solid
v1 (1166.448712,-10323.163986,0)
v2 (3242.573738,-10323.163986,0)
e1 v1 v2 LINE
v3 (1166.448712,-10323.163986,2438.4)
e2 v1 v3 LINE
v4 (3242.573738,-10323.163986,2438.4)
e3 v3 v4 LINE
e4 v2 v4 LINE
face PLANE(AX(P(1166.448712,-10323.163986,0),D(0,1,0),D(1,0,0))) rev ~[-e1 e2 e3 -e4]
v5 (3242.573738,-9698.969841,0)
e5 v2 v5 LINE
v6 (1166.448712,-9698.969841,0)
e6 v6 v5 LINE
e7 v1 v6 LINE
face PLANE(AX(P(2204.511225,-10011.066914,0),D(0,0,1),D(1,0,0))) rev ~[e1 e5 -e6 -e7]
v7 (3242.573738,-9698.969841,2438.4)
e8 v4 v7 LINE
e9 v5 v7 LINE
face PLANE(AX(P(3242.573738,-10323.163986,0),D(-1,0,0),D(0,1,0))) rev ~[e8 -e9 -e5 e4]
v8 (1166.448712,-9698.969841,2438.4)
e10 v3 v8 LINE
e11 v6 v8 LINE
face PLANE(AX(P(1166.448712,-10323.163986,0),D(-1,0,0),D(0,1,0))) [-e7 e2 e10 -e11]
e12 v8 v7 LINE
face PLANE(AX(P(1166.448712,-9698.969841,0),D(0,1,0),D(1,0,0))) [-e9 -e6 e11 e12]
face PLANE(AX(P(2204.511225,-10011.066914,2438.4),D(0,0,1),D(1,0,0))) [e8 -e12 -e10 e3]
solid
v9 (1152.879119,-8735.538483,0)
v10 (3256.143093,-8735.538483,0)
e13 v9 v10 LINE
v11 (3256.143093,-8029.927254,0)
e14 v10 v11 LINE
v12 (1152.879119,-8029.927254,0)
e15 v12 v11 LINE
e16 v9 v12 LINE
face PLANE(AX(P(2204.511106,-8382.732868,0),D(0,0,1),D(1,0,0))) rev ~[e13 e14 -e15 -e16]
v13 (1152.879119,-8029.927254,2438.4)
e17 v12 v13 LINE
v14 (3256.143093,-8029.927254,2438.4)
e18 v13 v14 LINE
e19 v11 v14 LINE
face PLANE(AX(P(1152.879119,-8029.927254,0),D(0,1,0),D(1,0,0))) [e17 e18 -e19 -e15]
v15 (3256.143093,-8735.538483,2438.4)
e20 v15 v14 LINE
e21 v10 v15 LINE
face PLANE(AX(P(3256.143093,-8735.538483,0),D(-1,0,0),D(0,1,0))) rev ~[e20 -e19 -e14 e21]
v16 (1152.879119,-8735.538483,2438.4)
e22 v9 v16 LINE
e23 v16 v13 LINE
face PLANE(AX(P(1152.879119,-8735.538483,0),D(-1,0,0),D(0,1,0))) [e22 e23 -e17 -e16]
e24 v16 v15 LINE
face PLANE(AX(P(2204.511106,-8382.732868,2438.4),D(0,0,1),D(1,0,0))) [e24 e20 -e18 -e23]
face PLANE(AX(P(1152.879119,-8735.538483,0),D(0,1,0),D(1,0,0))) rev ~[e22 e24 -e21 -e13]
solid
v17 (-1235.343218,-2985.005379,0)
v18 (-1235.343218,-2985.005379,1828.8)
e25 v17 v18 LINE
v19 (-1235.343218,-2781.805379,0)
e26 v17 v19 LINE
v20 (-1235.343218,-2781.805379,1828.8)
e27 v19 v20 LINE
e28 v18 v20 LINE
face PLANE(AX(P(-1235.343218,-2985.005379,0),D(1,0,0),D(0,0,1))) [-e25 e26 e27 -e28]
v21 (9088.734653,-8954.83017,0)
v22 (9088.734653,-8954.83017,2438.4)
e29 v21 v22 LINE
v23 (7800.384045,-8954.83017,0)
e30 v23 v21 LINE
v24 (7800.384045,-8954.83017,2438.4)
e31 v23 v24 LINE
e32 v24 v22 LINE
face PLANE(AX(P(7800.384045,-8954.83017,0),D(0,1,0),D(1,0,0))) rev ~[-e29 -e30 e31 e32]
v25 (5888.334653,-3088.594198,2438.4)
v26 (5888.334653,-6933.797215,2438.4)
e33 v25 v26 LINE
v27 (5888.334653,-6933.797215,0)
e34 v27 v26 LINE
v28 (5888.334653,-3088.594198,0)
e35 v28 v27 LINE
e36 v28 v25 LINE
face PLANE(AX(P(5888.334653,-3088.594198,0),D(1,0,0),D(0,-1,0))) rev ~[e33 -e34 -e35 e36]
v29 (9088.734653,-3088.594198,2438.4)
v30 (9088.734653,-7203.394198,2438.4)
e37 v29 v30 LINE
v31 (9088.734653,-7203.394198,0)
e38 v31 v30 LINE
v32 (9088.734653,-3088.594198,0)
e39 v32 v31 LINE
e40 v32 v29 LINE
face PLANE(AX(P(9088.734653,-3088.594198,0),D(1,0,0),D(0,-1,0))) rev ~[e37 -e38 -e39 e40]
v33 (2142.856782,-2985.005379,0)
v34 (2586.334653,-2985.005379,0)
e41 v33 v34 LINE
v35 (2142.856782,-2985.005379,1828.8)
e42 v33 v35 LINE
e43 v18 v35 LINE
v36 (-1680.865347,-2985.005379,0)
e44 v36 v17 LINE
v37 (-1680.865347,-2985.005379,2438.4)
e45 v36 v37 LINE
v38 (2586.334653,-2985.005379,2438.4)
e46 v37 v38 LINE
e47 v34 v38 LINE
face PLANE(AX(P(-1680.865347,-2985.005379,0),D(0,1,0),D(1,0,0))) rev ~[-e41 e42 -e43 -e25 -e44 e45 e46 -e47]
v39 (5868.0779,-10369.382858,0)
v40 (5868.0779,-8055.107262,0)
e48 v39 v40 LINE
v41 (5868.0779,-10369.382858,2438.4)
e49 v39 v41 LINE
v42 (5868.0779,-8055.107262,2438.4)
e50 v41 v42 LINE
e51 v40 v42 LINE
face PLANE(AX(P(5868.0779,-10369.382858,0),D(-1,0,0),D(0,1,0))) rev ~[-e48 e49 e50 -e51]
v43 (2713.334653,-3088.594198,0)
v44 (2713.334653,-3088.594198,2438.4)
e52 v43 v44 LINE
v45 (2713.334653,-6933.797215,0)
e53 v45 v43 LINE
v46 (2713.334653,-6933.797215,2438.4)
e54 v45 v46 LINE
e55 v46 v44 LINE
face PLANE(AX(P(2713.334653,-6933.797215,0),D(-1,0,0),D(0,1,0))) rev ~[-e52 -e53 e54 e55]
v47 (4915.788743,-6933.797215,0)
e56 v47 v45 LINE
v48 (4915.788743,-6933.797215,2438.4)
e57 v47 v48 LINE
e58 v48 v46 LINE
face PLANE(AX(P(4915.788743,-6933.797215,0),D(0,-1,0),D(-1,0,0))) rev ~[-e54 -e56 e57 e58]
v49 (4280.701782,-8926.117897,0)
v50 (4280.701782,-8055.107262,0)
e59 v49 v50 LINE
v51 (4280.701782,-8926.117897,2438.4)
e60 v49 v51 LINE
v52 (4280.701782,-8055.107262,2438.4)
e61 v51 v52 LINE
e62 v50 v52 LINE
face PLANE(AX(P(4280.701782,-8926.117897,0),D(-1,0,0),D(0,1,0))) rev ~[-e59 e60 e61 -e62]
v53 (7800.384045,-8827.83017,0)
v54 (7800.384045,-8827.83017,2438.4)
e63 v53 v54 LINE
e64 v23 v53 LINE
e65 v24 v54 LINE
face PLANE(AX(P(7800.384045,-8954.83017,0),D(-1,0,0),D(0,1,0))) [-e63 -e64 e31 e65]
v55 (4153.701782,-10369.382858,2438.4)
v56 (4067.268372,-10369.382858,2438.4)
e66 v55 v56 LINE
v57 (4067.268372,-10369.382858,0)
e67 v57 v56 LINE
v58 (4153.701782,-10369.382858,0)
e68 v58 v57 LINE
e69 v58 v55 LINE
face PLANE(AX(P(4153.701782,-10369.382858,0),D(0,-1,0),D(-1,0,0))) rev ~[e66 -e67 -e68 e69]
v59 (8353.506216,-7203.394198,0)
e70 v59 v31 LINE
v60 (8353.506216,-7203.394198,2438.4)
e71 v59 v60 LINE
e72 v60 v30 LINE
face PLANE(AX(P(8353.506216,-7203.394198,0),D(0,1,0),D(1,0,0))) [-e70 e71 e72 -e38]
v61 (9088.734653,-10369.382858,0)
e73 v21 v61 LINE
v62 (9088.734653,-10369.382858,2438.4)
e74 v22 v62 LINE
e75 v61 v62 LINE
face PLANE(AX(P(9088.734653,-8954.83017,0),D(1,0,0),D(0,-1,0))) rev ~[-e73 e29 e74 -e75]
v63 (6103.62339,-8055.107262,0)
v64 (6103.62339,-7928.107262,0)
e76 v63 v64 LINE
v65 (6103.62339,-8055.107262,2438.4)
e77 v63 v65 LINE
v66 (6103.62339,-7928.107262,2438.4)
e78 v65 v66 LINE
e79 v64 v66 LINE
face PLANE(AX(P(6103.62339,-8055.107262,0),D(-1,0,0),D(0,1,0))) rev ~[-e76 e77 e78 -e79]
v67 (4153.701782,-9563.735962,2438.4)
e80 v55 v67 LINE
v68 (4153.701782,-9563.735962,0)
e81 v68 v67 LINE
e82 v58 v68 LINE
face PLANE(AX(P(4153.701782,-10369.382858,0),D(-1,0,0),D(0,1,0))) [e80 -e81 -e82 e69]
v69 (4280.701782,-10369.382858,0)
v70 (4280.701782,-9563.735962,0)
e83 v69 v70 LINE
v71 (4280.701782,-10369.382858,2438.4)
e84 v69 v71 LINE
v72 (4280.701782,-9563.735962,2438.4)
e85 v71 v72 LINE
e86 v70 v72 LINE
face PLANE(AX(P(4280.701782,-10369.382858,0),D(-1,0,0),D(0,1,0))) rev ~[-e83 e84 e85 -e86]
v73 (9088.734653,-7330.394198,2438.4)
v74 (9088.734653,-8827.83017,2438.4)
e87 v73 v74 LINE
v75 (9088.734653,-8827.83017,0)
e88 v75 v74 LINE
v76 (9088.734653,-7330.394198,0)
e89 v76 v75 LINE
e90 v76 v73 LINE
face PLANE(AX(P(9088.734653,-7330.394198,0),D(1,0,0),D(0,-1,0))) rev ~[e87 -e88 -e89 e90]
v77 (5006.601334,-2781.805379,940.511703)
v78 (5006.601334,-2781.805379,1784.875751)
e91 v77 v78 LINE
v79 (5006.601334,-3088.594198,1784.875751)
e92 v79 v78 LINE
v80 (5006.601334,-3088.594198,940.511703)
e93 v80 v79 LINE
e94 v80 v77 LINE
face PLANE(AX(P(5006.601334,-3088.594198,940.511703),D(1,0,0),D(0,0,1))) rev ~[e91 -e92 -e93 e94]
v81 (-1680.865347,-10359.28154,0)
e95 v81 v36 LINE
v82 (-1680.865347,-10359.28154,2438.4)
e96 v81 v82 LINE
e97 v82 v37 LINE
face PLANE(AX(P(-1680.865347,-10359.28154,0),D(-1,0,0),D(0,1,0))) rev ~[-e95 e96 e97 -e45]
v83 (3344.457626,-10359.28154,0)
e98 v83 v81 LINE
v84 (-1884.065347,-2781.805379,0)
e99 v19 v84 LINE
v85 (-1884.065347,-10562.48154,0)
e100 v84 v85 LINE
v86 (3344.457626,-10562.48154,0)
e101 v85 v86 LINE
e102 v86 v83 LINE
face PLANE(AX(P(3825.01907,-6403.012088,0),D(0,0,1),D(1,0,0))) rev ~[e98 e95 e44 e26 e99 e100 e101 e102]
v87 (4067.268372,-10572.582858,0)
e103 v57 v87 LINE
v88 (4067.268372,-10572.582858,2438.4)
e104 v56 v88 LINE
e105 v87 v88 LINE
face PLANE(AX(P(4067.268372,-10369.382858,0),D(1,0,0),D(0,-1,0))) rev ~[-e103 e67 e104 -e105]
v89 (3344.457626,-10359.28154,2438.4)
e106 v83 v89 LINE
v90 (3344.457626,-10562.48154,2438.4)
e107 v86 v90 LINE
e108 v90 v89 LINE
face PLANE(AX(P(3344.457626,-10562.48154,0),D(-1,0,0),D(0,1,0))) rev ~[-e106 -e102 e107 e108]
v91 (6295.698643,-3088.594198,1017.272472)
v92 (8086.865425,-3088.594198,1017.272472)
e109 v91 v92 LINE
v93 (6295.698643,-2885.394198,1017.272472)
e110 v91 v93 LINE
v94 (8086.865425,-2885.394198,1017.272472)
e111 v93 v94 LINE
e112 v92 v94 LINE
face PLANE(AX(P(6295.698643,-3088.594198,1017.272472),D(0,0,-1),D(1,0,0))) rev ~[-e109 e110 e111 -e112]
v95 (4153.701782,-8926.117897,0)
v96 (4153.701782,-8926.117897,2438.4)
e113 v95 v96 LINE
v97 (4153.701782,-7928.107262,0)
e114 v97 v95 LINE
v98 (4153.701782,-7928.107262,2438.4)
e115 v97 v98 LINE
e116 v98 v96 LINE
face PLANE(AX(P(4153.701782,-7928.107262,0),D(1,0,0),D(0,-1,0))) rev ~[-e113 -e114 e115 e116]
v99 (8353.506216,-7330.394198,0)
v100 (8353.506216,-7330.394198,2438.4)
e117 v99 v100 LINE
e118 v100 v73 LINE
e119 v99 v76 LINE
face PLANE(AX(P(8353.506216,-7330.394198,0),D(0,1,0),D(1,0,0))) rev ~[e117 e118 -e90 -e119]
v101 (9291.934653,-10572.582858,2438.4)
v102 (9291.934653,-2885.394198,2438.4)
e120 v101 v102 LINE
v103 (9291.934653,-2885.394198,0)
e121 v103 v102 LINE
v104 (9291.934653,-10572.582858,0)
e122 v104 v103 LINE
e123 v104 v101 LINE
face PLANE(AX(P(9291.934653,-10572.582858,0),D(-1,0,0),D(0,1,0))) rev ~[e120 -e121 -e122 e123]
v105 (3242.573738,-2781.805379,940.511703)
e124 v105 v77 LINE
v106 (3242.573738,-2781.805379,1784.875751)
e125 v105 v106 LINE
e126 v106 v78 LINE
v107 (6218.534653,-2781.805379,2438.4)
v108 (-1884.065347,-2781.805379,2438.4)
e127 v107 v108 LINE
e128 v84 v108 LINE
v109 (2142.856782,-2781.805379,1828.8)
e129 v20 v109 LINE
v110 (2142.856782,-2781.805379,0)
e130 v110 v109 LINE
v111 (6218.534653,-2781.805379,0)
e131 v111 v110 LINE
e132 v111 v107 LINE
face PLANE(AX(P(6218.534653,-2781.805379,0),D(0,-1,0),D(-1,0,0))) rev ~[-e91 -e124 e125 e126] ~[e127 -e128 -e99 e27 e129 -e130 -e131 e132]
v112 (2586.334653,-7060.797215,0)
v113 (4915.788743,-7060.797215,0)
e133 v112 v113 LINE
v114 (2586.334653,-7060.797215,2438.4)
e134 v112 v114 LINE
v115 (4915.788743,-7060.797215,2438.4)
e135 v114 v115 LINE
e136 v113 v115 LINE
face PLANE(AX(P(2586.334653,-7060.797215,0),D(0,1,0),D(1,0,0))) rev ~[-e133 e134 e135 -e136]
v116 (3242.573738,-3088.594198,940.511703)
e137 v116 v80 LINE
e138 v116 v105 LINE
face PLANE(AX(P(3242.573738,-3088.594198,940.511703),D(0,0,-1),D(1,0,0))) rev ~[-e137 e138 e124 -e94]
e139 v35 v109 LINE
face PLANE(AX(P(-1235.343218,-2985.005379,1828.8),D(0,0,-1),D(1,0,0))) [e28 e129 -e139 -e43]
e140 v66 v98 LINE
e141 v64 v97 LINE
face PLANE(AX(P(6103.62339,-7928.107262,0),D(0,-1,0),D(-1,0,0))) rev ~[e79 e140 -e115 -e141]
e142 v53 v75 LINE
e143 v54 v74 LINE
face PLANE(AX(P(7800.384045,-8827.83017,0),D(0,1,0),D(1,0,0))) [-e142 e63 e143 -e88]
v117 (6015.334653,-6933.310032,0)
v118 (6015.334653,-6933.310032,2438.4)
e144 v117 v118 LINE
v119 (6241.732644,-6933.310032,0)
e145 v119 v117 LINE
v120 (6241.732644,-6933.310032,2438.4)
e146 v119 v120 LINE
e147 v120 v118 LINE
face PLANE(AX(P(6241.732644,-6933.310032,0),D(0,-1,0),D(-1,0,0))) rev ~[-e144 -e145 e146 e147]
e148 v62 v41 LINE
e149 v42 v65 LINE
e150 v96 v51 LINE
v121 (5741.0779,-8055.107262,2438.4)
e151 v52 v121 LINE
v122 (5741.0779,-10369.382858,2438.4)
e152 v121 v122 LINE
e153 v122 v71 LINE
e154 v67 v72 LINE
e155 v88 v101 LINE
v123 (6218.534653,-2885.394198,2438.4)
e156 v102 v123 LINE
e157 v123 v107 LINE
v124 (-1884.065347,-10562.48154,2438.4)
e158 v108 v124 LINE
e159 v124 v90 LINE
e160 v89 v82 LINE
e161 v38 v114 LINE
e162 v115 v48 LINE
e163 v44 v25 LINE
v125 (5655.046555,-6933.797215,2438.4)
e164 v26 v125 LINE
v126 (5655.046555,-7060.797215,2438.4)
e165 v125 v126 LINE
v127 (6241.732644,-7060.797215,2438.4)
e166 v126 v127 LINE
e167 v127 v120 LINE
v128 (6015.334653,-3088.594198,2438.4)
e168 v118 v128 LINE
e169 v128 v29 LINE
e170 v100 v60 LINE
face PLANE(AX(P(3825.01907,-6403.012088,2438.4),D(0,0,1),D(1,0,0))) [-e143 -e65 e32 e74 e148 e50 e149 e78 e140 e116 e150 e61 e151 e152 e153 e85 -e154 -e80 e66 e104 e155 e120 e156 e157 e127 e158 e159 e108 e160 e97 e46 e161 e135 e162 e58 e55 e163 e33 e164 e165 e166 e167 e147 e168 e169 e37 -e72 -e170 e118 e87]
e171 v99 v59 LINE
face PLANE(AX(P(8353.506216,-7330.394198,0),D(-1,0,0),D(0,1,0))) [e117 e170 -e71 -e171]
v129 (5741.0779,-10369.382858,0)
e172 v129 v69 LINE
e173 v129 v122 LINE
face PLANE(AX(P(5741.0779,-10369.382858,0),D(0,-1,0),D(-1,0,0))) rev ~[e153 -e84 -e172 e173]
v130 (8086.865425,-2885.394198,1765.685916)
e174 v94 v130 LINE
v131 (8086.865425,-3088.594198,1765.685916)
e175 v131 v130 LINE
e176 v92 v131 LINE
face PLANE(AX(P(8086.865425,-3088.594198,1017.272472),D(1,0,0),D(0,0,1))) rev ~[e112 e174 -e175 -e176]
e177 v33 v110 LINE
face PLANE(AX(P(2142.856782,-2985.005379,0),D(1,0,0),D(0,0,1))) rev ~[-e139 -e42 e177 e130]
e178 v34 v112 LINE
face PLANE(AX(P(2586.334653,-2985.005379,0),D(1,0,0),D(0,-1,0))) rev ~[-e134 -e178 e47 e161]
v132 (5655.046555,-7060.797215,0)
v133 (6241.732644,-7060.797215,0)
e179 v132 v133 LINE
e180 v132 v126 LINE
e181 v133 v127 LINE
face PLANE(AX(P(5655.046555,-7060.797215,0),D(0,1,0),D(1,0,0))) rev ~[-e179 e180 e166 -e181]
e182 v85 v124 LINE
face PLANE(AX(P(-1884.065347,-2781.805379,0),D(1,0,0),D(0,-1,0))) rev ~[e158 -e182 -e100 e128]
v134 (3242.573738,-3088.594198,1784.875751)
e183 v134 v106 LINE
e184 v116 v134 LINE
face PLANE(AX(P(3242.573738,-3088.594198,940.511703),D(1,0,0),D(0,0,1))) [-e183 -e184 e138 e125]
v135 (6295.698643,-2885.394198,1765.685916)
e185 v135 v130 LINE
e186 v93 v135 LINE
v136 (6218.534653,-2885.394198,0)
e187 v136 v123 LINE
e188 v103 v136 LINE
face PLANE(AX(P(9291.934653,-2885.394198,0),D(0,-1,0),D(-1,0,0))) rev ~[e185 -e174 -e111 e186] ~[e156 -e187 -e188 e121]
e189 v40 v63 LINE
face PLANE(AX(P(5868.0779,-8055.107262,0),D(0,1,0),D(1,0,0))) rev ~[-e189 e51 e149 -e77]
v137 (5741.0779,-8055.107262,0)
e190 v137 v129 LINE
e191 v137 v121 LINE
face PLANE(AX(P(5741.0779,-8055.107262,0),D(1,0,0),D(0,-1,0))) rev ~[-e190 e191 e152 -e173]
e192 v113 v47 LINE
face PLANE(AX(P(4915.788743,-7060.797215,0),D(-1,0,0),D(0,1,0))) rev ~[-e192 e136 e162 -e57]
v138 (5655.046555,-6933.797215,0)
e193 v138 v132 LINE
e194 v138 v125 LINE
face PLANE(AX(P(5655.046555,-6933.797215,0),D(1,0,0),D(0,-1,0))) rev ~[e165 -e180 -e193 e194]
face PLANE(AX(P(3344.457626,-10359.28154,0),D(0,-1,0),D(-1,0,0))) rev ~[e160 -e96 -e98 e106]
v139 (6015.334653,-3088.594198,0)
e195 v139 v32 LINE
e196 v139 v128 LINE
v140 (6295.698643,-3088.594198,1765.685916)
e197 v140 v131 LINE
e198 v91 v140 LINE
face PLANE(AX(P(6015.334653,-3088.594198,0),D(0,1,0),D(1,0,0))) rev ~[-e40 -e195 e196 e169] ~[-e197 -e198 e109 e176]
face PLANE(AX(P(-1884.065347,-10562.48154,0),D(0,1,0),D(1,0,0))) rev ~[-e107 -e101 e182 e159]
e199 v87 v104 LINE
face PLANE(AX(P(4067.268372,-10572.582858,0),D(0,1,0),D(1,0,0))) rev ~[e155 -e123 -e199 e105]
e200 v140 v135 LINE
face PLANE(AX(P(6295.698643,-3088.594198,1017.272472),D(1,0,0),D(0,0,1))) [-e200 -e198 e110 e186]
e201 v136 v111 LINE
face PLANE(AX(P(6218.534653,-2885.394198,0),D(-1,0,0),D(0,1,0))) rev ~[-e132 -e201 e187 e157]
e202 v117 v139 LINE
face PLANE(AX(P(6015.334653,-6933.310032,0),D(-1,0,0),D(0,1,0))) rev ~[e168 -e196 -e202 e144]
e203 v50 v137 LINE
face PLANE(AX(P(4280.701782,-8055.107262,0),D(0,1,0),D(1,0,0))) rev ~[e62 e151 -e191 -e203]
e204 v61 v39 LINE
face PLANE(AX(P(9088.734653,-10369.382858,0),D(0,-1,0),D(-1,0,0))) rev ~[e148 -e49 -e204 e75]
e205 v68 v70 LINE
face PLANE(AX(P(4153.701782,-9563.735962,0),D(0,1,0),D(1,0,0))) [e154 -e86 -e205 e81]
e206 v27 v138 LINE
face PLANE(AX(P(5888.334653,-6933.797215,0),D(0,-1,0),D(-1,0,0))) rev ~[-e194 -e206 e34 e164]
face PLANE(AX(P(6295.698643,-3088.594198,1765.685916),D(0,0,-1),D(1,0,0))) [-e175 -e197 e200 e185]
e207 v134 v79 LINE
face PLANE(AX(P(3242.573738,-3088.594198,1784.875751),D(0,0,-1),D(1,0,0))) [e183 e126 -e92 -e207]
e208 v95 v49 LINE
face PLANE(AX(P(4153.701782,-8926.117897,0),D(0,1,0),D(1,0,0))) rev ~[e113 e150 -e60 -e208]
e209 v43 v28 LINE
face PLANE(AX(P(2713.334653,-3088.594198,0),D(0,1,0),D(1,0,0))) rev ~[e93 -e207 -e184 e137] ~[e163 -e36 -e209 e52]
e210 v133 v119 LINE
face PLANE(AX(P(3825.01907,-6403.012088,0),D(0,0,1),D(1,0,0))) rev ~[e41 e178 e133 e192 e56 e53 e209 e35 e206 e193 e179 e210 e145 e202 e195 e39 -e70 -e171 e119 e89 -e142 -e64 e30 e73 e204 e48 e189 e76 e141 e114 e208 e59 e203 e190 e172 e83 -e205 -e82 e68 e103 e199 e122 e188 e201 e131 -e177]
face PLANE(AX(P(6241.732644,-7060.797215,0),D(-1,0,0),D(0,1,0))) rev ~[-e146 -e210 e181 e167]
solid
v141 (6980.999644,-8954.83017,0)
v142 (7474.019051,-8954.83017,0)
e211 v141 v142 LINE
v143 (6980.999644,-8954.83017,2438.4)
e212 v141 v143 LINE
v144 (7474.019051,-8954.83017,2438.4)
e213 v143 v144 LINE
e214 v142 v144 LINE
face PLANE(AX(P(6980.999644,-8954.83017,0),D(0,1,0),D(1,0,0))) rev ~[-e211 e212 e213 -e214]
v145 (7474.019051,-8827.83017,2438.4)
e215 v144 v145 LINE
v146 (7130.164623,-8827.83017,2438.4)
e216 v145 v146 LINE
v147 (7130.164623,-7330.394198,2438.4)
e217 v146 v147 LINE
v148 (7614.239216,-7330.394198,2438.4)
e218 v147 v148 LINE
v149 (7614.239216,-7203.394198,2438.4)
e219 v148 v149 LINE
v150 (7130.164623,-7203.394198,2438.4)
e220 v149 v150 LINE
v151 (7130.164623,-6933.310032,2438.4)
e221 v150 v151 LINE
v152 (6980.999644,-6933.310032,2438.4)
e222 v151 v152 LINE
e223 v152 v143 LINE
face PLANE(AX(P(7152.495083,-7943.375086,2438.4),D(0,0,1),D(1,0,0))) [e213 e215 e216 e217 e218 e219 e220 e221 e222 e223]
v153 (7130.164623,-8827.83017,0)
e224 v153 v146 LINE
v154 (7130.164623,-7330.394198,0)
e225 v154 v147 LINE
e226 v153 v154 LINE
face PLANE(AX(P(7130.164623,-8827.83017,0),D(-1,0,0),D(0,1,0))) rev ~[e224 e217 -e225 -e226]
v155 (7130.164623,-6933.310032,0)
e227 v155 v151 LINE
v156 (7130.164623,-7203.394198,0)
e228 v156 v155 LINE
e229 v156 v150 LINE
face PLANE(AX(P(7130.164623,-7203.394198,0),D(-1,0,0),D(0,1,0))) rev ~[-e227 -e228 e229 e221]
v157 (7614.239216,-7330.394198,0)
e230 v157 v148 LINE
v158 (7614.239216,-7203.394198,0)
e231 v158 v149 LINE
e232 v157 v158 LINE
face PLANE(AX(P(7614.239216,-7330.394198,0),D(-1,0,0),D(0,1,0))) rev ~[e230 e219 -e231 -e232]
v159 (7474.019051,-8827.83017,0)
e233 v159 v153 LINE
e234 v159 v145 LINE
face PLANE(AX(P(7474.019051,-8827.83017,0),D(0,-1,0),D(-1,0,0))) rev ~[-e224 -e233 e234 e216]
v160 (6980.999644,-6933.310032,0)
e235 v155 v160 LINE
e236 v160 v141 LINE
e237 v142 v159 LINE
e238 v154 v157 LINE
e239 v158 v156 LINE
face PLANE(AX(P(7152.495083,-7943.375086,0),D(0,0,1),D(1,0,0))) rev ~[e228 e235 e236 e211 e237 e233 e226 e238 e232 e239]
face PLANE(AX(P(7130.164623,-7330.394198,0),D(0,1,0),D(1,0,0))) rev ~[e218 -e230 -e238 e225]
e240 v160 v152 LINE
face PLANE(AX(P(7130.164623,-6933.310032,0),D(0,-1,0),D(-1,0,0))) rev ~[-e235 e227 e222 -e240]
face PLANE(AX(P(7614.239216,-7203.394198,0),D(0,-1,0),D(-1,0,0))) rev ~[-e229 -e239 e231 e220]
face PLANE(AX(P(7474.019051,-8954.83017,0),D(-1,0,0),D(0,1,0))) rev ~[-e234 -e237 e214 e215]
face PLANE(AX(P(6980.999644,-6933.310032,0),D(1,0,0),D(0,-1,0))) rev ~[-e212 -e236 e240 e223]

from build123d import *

# Parameters (mm, degrees)
F0_W     = 127
F0_H     = 805.6468963623
F0_W_2   = 735.2284367638
F0_H_2   = 127
F0_W_3   = 1288.3506079674
F1_DEPTH = 2438.4
F2_W     = 3378.2
F2_H     = 1828.8
F3_DEPTH = 203.2
F5_W     = 1791.1667823792
F5_H     = 748.4134435654
F4_W     = 1764.02759552
F4_H     = 844.3640470505
F6_DEPTH = 306.7898195038
F7_W     = 2103.2639741898
F7_H     = 705.6112289429
F8_DEPTH = 2438.4
F7_W_2   = 2076.1250257492
F7_H_2   = 624.1941452026


with BuildPart() as f1:
    # F0 (on Top) → F1 (new body)
    with BuildSketch(Plane.XY):
        Polygon((-1680.8653473854, -10359.281539917), (-1680.8653473854, -2985.0053787231), (2586.3346526146, -2985.0053787231), (2586.3346526146, -7060.7972145081), (4915.788742733, -7060.7972145081), (4915.788742733, -6933.7972145081), (2713.3346526146, -6933.7972145081), (2713.3346526146, -3088.5941982269), (5888.3346526146, -3088.5941982269), (5888.3346526146, -6933.7972145081), (5655.046555233, -6933.7972145081), (5655.046555233, -7060.7972145081), (6241.732643795, -7060.7972145081), (6241.732643795, -6933.3100318909), (6015.3346526146, -6933.3100318909), (6015.3346526146, -3088.5941982269), (9088.7346526146, -3088.5941982269), (9088.7346526146, -7203.3941982269), (9088.7346526146, -7330.3941982269), (9088.7346526146, -8827.8301696777), (9088.7346526146, -8954.8301696777), (9088.7346526146, -10369.3828582764), (5868.0778999329, -10369.3828582764), (5741.0778999329, -10369.3828582764), (4280.7017822266, -10369.3828582764), (4153.7017822266, -10369.3828582764), (4067.268371582, -10369.3828582764), (4067.268371582, -10572.5828582764), (9291.9346526146, -10572.5828582764), (9291.9346526146, -2885.3941982269), (6218.5346526146, -2885.3941982269), (6218.5346526146, -2781.8053787231), (-1884.0653473854, -2781.8053787231), (-1884.0653473854, -10562.481539917), (3344.4576263428, -10562.481539917), (3344.4576263428, -10359.281539917), align=None)
        with Locations((4217.2017822266, -9966.5594100952)):
            Rectangle(F0_W, F0_H)
        Polygon((5741.0778999329, -8055.1072616577), (5741.0778999329, -10369.3828582764), (5868.0778999329, -10369.3828582764), (5868.0778999329, -8055.1072616577), (6103.6233901978, -8055.1072616577), (6103.6233901978, -7928.1072616577), (4153.7017822266, -7928.1072616577), (4153.7017822266, -8926.1178970337), (4280.7017822266, -8926.1178970337), (4280.7017822266, -8055.1072616577), align=None)
        with Locations((8721.1204342327, -7266.8941982269)):
            Rectangle(F0_W_2, F0_H_2)
        with Locations((8444.5593486309, -8891.3301696777)):
            Rectangle(F0_W_3, F0_H_2)
    extrude(amount=F1_DEPTH)

    # F2 (on face) → F3 (cut, through all)
    with BuildSketch(Plane.XZ.offset(2985.0053787231)):
        with Locations((453.7567821503, 914.4)):
            Rectangle(F2_W, F2_H)
    extrude(amount=-F3_DEPTH, mode=Mode.SUBTRACT)

    # F5 (on face) + F4 (on face) → F6 (cut, through all)
    with BuildSketch(Plane.XZ.offset(3088.5941982269)):
        with Locations((7191.2820339203, 1391.4791941643)):
            Rectangle(F5_W, F5_H)
    with BuildSketch(Plane.XZ.offset(3088.5941982269)):
        with Locations((4124.5875358582, 1362.6937270164)):
            Rectangle(F4_W, F4_H)
    extrude(amount=-F6_DEPTH, mode=Mode.SUBTRACT)


with BuildPart() as f1b:
    # F0 (on Top) → F1, piece 2 (new body)
    with BuildSketch(Plane.XY):
        Polygon((7130.1646232605, -6933.3100318909), (6980.999643795, -6933.3100318909), (6980.999643795, -7060.3100318909), (6980.999643795, -8954.8301696777), (7474.0190505981, -8954.8301696777), (7474.0190505981, -8827.8301696777), (7130.1646232605, -8827.8301696777), (7130.1646232605, -7330.3941982269), (7614.2392158508, -7330.3941982269), (7614.2392158508, -7203.3941982269), (7130.1646232605, -7203.3941982269), align=None)
    extrude(amount=F1_DEPTH)


with BuildPart() as f8:
    # F7 (on Top) → F8 (new body)
    with BuildSketch(Plane.XY):
        with Locations((2204.5111060143, -8382.7328681946)):
            Rectangle(F7_W, F7_H)
    extrude(amount=F8_DEPTH)


with BuildPart() as f8b:
    # F7 (on Top) → F8, piece 2 (new body)
    with BuildSketch(Plane.XY):
        with Locations((2204.5112252235, -10011.0669136047)):
            Rectangle(F7_W_2, F7_H_2)
    extrude(amount=F8_DEPTH)


solid = Compound([f1.part, f1b.part, f8.part, f8b.part])
